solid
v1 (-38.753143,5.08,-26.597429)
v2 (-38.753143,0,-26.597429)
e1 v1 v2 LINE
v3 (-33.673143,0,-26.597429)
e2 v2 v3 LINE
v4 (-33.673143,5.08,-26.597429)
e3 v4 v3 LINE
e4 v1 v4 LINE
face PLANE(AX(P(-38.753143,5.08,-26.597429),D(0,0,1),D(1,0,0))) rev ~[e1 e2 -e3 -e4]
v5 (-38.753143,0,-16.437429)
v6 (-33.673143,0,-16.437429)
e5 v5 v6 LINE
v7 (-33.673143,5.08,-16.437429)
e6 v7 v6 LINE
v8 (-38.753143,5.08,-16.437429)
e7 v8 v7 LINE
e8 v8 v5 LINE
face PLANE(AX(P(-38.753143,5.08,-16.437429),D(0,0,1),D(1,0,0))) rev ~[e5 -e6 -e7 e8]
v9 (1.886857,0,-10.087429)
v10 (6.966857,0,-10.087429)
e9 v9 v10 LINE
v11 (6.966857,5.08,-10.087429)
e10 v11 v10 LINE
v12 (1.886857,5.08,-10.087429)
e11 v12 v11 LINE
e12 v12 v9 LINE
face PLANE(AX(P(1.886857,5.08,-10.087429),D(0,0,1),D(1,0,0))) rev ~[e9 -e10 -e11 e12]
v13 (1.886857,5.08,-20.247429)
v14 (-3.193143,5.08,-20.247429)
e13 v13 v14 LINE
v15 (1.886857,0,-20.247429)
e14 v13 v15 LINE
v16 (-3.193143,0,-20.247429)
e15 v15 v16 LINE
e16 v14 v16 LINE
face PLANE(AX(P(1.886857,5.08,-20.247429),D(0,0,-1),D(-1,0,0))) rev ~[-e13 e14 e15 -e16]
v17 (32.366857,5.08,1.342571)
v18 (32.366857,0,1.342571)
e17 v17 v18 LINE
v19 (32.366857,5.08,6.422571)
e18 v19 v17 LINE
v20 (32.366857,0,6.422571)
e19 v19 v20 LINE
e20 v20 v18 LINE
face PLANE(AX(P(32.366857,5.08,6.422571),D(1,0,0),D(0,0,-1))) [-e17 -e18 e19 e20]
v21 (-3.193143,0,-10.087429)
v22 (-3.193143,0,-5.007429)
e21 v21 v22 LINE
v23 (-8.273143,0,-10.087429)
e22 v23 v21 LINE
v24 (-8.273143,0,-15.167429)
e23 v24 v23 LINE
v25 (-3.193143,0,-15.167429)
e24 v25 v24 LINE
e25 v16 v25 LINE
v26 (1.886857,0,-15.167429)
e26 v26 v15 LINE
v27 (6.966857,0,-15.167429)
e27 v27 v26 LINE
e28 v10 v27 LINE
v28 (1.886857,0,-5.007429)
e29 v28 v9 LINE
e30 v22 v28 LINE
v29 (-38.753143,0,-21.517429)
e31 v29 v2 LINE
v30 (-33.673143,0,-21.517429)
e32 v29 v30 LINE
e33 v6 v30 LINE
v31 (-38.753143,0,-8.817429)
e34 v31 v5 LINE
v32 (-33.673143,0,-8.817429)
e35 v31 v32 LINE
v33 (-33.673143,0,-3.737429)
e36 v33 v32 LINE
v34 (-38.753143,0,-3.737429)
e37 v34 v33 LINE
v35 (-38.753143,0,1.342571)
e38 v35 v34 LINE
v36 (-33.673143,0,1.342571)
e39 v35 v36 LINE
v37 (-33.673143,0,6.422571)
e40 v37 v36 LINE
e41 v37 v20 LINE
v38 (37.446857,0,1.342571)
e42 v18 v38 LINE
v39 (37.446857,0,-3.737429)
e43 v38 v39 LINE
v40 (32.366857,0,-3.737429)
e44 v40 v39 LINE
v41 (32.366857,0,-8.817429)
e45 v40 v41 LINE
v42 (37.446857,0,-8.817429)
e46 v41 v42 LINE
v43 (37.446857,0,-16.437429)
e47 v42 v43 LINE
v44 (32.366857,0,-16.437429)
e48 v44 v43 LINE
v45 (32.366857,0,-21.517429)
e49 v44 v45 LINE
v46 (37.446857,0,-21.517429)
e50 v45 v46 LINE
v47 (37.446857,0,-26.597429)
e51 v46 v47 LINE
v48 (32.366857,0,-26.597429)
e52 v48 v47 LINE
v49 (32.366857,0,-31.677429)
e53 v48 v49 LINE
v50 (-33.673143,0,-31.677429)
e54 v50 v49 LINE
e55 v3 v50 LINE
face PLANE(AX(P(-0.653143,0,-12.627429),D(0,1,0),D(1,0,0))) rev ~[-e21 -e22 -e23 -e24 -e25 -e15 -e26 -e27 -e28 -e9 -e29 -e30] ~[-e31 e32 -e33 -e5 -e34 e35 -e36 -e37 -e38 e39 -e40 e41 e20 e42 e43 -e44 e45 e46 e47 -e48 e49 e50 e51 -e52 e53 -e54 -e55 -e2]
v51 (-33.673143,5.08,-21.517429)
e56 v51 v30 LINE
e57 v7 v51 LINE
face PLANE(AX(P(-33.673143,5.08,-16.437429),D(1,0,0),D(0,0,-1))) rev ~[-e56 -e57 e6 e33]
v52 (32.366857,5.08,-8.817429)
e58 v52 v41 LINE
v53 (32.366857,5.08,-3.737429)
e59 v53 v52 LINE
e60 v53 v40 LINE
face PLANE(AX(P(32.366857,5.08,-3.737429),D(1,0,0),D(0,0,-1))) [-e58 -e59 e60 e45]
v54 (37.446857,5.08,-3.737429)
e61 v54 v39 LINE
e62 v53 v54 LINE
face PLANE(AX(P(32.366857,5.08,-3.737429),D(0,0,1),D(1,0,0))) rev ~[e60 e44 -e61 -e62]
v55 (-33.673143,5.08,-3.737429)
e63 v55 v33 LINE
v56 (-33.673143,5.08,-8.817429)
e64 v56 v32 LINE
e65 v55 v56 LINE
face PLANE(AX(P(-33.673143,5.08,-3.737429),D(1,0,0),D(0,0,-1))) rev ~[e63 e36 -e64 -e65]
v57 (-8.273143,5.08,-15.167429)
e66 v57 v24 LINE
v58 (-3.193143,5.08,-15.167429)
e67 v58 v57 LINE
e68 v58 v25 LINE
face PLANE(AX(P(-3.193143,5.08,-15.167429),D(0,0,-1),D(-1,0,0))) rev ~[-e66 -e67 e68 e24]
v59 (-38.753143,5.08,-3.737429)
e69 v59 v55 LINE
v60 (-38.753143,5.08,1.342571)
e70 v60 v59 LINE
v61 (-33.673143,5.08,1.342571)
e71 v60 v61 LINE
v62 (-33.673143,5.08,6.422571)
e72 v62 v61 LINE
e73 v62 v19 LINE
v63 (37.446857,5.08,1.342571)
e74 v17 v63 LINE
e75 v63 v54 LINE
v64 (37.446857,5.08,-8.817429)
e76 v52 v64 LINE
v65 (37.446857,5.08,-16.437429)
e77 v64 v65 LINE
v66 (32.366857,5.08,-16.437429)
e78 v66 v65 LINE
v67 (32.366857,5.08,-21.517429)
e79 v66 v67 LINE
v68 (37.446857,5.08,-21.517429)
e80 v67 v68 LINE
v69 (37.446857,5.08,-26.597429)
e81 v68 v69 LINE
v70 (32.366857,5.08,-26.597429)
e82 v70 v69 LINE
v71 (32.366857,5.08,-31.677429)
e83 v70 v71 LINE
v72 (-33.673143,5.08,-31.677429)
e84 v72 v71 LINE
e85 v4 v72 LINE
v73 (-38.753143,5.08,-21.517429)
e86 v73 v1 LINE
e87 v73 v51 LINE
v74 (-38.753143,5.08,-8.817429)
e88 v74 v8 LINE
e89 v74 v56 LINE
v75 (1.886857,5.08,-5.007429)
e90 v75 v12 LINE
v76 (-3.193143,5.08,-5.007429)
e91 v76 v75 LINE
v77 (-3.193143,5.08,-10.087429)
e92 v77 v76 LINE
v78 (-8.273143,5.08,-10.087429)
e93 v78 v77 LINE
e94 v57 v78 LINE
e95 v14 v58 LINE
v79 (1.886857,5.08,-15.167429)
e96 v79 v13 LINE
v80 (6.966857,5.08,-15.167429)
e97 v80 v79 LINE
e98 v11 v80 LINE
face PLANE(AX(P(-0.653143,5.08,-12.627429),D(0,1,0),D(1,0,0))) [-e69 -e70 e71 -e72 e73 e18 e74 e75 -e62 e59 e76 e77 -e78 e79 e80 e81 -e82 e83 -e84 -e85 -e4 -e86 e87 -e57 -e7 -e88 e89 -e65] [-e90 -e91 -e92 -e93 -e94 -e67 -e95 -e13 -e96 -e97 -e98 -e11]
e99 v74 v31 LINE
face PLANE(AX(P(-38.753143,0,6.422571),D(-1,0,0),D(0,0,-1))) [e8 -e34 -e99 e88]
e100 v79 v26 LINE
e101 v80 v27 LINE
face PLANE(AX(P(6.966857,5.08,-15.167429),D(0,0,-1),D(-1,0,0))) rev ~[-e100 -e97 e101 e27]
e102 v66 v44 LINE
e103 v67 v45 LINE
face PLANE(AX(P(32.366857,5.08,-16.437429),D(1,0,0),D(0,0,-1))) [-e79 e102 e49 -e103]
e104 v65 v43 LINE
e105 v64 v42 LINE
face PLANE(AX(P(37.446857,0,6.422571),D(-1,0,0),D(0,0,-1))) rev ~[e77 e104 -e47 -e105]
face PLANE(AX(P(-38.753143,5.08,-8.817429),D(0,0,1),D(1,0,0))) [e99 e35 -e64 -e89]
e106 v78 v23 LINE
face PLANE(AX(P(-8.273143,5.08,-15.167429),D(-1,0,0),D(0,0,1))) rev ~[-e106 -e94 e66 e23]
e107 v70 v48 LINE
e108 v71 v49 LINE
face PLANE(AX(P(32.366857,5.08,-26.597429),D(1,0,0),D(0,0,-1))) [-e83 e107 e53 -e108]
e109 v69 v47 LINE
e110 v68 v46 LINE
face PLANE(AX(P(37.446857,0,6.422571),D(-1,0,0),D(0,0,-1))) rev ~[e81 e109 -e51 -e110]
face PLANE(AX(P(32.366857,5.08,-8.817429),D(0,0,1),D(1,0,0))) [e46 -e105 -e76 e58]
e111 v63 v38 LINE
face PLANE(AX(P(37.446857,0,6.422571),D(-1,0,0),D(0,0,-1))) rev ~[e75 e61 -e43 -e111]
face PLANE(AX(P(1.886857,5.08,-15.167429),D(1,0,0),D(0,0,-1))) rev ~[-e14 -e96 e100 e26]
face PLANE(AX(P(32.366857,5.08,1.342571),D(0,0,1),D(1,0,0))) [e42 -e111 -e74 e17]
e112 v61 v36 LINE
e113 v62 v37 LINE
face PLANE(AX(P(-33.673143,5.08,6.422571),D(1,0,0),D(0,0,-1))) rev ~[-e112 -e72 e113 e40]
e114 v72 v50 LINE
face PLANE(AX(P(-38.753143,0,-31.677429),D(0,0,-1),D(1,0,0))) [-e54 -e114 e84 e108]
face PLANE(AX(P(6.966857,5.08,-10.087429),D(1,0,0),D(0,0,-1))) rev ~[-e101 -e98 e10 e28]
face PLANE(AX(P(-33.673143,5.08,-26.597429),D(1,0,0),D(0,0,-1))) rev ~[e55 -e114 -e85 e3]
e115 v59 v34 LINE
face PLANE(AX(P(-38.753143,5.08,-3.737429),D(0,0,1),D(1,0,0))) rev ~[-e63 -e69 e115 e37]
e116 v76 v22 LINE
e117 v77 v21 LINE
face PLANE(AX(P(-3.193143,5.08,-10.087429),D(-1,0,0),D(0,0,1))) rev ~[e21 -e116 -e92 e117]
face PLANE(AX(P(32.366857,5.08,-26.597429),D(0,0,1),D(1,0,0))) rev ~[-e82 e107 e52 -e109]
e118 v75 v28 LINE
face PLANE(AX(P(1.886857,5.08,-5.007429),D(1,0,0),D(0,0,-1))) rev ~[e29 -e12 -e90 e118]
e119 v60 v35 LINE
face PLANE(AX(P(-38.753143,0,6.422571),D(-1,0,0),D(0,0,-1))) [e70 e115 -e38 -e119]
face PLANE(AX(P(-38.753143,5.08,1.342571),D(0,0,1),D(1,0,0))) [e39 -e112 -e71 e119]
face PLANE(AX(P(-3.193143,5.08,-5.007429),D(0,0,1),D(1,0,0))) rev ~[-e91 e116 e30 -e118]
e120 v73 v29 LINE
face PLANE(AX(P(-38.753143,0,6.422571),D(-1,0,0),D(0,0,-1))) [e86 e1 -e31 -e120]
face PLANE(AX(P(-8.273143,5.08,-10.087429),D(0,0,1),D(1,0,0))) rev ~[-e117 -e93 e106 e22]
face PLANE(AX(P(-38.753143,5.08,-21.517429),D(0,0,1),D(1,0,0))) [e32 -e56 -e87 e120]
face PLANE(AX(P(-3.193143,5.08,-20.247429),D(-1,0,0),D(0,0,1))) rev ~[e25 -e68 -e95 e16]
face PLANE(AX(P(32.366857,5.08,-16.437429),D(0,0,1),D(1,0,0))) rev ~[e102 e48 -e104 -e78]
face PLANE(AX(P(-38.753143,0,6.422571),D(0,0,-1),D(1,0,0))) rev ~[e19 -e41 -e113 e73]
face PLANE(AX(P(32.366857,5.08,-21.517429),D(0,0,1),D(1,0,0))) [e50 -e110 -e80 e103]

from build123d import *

# Parameters (mm, degrees)
SKETCH1_W           = 76.2
SKETCH1_H           = 38.1
BOSS_EXTRUDE1_DEPTH = 5.08
SKETCH2_W           = 5.08
SKETCH2_H           = 5.08
CUT_EXTRUDE1_DEPTH  = 5.08


with BuildPart() as part:
    # Sketch1 → Boss-Extrude1 (new body)
    with BuildSketch(Plane(origin=(0, 0, 0), x_dir=(1, 0, 0), z_dir=(0, 1, 0))):
        with Locations((-0.653142857, 12.627428571)):
            Rectangle(SKETCH1_W, SKETCH1_H)
    extrude(amount=BOSS_EXTRUDE1_DEPTH)

    # Sketch2 → Cut-Extrude1 (cut)
    with BuildSketch(Plane(origin=(0, 5.08, 0), x_dir=(1, 0, 0), z_dir=(0, 1, 0))):
        Polygon((1.886857143, 20.247428571), (-3.193142857, 20.247428571), (-3.193142857, 15.167428571), (-8.273142857, 15.167428571), (-8.273142857, 10.087428571), (-3.193142857, 10.087428571), (-3.193142857, 5.007428571), (1.886857143, 5.007428571), (1.886857143, 10.087428571), (6.966857143, 10.087428571), (6.966857143, 15.167428571), (1.886857143, 15.167428571), align=None)
        with Locations((-36.213142857, 18.977428571)):
            Rectangle(SKETCH2_W, SKETCH2_H)
        with Locations((-36.213142857, 29.137428571)):
            Rectangle(SKETCH2_W, SKETCH2_H)
        with Locations((-36.213142857, -3.882571429)):
            Rectangle(SKETCH2_W, SKETCH2_H)
        with Locations((-36.213142857, 6.277428571)):
            Rectangle(SKETCH2_W, SKETCH2_H)
        with Locations((34.906857143, 6.277428571)):
            Rectangle(SKETCH2_W, SKETCH2_H)
        with Locations((34.906857143, -3.882571429)):
            Rectangle(SKETCH2_W, SKETCH2_H)
        with Locations((34.906857143, 29.137428571)):
            Rectangle(SKETCH2_W, SKETCH2_H)
        with Locations((34.906857143, 18.977428571)):
            Rectangle(SKETCH2_W, SKETCH2_H)
    extrude(amount=-CUT_EXTRUDE1_DEPTH, mode=Mode.SUBTRACT)


solid = part.part
